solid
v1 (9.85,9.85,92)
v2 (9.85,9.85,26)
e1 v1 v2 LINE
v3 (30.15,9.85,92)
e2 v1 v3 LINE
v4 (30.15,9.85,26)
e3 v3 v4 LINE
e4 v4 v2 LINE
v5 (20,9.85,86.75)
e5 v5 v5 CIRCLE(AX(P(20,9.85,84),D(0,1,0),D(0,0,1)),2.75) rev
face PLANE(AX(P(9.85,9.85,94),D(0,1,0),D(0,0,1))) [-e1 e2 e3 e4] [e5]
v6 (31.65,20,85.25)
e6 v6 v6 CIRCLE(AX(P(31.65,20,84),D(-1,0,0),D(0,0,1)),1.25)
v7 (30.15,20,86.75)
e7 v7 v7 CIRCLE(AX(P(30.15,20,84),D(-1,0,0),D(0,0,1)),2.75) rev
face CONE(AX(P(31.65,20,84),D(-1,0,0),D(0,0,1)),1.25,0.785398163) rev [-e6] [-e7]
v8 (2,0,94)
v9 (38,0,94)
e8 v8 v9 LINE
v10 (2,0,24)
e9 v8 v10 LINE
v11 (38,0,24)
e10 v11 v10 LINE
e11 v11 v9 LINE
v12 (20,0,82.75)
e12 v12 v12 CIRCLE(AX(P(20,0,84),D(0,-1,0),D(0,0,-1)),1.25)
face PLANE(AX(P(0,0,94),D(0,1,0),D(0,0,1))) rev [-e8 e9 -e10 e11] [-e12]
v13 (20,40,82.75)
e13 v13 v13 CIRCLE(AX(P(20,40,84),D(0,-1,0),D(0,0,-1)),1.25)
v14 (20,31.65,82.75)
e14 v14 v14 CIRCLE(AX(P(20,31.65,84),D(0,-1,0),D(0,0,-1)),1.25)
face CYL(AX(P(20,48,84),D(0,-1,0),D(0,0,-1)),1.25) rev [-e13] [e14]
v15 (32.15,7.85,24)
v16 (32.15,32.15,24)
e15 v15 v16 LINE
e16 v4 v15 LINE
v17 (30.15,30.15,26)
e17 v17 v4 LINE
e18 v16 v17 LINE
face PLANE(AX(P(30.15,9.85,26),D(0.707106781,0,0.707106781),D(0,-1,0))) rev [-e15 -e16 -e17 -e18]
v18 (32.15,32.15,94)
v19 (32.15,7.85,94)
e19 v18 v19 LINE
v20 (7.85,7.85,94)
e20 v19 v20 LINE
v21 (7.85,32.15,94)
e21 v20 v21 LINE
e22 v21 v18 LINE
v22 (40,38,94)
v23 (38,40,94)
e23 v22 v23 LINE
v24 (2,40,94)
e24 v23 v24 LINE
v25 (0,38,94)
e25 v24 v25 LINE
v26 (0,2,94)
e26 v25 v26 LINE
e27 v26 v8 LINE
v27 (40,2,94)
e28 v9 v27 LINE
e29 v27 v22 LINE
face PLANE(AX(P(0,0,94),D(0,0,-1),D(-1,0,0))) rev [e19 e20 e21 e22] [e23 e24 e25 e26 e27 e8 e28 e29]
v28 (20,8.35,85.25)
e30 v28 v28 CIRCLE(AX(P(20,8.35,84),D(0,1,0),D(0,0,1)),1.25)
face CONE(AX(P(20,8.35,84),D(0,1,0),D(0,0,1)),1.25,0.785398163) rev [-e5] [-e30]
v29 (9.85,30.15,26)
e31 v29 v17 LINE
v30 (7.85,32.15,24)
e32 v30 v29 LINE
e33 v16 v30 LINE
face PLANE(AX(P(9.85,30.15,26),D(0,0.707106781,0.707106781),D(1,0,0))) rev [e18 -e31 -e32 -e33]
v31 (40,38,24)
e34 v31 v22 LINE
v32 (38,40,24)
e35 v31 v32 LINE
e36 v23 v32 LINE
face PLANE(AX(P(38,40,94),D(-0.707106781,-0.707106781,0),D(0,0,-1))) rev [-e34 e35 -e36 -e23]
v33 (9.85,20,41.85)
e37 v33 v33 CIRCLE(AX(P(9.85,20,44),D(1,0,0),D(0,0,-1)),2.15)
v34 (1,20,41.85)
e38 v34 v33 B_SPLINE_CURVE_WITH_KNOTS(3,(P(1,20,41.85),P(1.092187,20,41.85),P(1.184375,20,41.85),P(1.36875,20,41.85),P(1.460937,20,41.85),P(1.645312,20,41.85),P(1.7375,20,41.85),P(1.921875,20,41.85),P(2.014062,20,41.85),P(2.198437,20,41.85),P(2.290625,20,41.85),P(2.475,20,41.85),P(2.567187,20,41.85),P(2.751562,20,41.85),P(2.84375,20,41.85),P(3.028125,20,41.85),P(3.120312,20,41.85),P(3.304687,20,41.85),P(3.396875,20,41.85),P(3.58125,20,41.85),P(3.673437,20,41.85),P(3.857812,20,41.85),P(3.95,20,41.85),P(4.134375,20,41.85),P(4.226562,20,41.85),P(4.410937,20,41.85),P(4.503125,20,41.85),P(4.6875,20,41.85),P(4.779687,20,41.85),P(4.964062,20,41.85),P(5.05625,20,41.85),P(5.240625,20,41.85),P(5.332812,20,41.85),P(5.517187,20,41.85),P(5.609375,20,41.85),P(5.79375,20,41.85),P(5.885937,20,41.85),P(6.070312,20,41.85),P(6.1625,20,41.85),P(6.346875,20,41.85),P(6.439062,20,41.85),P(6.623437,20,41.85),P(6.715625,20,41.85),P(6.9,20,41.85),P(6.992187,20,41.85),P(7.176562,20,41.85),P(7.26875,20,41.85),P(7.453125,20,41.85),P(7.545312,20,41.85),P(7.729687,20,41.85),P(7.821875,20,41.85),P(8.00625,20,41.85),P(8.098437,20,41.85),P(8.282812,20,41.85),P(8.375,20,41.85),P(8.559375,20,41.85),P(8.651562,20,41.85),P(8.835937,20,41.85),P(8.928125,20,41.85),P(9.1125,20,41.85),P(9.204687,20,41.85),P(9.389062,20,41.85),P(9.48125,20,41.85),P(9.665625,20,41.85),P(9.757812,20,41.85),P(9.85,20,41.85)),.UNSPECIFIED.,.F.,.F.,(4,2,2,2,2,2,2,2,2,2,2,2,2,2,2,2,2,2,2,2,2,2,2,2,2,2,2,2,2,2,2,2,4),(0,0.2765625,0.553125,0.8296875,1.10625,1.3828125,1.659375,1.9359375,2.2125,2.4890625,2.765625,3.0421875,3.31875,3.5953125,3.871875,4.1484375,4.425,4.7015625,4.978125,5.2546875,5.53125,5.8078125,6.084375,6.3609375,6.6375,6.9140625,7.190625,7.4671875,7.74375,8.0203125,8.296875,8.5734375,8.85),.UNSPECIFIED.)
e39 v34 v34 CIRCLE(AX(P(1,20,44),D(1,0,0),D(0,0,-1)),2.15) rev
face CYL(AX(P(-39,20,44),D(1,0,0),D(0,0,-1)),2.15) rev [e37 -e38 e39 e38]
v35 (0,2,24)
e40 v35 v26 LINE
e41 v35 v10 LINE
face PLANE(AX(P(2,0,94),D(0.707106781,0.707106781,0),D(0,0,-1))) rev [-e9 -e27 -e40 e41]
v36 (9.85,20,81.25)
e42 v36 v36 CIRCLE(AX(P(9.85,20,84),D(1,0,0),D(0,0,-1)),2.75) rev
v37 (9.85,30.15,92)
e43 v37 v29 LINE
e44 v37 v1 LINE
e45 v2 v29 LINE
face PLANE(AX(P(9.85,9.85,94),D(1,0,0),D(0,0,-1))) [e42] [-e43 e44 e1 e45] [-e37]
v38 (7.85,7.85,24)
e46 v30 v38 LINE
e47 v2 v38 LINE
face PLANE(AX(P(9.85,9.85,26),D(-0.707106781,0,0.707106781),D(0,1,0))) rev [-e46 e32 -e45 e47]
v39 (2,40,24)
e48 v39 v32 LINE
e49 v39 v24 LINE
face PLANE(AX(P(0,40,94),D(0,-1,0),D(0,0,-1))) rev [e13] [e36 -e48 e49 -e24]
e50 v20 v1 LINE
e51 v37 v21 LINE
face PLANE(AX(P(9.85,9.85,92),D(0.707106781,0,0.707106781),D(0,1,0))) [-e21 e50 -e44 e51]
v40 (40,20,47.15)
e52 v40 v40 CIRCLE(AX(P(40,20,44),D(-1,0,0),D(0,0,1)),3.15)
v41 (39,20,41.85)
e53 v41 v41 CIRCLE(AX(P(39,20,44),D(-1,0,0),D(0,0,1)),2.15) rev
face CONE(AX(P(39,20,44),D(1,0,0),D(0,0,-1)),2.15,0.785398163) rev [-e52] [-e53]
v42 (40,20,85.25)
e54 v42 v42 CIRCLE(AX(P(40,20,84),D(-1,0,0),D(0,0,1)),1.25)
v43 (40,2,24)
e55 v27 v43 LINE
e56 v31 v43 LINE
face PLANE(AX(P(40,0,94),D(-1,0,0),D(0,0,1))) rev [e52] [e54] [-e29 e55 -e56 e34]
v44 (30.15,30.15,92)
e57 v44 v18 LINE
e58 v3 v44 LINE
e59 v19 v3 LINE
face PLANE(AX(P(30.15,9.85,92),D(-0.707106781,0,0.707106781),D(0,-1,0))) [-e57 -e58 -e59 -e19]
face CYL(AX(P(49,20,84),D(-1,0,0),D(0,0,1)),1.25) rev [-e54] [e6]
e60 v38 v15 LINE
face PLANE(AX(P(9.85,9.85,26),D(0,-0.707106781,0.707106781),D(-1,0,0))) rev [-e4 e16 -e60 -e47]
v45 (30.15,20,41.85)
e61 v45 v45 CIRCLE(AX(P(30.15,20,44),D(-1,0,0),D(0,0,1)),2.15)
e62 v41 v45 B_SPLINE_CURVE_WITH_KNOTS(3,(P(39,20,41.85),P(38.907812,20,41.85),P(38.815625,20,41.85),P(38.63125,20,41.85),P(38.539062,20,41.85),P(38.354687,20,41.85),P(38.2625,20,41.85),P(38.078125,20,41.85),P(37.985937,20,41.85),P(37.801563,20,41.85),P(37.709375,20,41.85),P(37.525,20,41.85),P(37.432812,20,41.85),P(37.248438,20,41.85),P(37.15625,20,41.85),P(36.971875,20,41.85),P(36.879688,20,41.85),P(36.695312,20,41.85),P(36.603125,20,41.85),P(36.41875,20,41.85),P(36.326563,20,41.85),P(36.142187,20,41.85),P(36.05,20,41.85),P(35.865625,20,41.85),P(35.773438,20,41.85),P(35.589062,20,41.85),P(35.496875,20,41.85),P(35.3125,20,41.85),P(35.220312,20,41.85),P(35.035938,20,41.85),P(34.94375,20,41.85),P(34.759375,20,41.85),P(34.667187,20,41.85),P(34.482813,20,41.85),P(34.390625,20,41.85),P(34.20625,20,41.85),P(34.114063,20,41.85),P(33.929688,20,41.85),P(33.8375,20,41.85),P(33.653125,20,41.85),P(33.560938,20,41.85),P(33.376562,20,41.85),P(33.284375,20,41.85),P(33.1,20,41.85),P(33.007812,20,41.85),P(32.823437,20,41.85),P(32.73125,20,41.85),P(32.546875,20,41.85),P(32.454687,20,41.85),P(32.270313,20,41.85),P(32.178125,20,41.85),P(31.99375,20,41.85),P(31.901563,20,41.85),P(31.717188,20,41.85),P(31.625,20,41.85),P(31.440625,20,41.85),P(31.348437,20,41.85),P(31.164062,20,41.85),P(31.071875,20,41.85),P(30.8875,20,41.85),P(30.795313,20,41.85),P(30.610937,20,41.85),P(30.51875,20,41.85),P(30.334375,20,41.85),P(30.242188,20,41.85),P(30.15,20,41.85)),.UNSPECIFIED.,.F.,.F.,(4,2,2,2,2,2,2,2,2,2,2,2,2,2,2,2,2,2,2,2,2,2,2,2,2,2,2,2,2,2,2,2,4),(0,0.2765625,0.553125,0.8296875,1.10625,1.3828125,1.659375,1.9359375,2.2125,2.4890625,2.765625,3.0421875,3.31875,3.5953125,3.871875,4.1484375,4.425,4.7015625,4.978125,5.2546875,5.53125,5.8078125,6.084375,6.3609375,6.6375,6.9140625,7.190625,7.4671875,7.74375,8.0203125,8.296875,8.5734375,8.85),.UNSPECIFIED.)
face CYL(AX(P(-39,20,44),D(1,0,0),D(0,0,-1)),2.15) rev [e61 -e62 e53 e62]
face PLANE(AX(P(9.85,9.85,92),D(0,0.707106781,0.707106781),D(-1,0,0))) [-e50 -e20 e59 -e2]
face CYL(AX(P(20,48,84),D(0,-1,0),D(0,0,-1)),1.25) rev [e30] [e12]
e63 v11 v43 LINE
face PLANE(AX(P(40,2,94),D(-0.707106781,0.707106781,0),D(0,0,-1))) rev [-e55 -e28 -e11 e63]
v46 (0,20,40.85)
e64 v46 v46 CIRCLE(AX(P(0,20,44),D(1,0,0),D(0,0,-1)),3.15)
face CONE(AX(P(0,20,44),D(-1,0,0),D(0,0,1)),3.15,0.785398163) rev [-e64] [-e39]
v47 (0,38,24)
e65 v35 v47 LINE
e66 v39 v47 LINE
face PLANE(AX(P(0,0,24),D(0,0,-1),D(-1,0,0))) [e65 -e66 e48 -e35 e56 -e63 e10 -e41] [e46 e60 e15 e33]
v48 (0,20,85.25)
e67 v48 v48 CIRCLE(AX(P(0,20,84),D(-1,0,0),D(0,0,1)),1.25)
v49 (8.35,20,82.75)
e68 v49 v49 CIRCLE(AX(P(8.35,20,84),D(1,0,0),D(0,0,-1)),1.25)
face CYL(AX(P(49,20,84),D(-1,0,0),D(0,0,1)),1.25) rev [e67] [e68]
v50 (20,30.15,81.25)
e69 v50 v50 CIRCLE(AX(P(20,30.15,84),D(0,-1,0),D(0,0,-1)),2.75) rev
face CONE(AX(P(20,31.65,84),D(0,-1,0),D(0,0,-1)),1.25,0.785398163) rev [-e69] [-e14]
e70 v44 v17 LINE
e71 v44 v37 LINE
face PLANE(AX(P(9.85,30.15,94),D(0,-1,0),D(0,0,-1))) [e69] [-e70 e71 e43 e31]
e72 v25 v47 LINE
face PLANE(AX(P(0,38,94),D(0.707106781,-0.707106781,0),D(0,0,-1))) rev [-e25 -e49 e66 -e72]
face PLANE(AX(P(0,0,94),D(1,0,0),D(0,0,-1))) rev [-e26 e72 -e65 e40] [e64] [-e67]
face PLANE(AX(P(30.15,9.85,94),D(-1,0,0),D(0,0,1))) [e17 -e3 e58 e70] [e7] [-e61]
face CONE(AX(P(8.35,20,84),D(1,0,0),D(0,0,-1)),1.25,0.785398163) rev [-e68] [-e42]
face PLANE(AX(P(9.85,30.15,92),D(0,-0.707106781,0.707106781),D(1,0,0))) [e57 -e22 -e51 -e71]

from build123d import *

# Parameters (mm, degrees)
SKETCH_2_W          = 40
SKETCH_2_H          = 40
SKETCH_2_W_2        = 20.3
SKETCH_2_H_2        = 20.3
EXTRUDE_1_DEPTH     = 94
CHAMFER_1_SIZE      = 2
CHAMFER_2_SIZE      = 2
SKETCH_5_R          = 1.25
CUT_EXTRUDE_2_DEPTH = 48
SKETCH_7_R          = 2.15
CUT_EXTRUDE_4_DEPTH = 79
CHAMFER_6_SIZE      = 1
SKETCH_8_W          = 65.895062616
SKETCH_8_H          = 54.143076927
CUT_EXTRUDE_5_DEPTH = 24
SKETCH_9_R          = 1.25
CUT_EXTRUDE_6_DEPTH = 49
CHAMFER_7_SIZE      = 1.5
CHAMFER_8_SIZE      = 2


with BuildPart() as part:
    # 草图2 → 凸台-拉伸1 (new body)
    with BuildSketch(Plane.XY):
        with Locations((20, 20)):
            Rectangle(SKETCH_2_W, SKETCH_2_H)
        with Locations((20, 20)):
            Rectangle(SKETCH_2_W_2, SKETCH_2_H_2, mode=Mode.SUBTRACT)
    extrude(amount=EXTRUDE_1_DEPTH)

    # 倒角1
    chamfer_1_edges = [part.edges().sort_by_distance(p)[0] for p in [
        (9.85, 20, 94),
        (20, 9.85, 94),
        (30.15, 20, 94),
        (20, 30.15, 94),
    ]]
    chamfer(chamfer_1_edges, length=CHAMFER_1_SIZE)

    # 倒角2
    chamfer_2_edges = [part.edges().sort_by_distance(p)[0] for p in [
        (0, 40, 47),
        (40, 40, 47),
        (40, 0, 47),
        (0, 0, 47),
    ]]
    chamfer(chamfer_2_edges, length=CHAMFER_2_SIZE)

    # 草图5 → 切除-拉伸2 (cut)
    with BuildSketch(Plane.XZ):
        with Locations(Location((20, 84, 0), (0, 0, 270))):
            Circle(SKETCH_5_R)
    extrude(amount=-CUT_EXTRUDE_2_DEPTH, mode=Mode.SUBTRACT)

    # 草图7 → 切除-拉伸4 (cut)
    with BuildSketch(Plane(origin=(40, 0, 0), x_dir=(0, 0, -1), z_dir=(1, 0, 0))):
        with Locations((-44, 20)):
            Circle(SKETCH_7_R)
    extrude(amount=-CUT_EXTRUDE_4_DEPTH, mode=Mode.SUBTRACT)

    # 倒角6
    chamfer_6_edges = [part.edges().sort_by_distance(p)[0] for p in [
        (0, 20, 46.15),
        (40, 20, 46.15),
    ]]
    chamfer(chamfer_6_edges, length=CHAMFER_6_SIZE)

    # 草图8 → 切除-拉伸5 (cut)
    with BuildSketch(Plane(origin=(0, 0, 0), x_dir=(-1, 0, 0), z_dir=(0, 0, -1))):
        with Locations((-18.489087128, 17.145946332)):
            Rectangle(SKETCH_8_W, SKETCH_8_H)
    extrude(amount=-CUT_EXTRUDE_5_DEPTH, mode=Mode.SUBTRACT)

    # 草图9 → 切除-拉伸6 (cut)
    with BuildSketch(Plane.ZY):
        with Locations((84, 20)):
            Circle(SKETCH_9_R)
    extrude(amount=-CUT_EXTRUDE_6_DEPTH, mode=Mode.SUBTRACT)

    # 倒角7
    chamfer_7_edges = [part.edges().sort_by_distance(p)[0] for p in [
        (30.15, 20, 82.75),
        (9.85, 20, 82.75),
        (20, 30.15, 85.25),
        (20, 9.85, 85.25),
    ]]
    chamfer(chamfer_7_edges, length=CHAMFER_7_SIZE)

    # 倒角8
    chamfer_8_edges = [part.edges().sort_by_distance(p)[0] for p in [
        (20, 9.85, 24),
        (9.85, 20, 24),
        (20, 30.15, 24),
        (30.15, 20, 24),
    ]]
    chamfer(chamfer_8_edges, length=CHAMFER_8_SIZE)


solid = part.part
